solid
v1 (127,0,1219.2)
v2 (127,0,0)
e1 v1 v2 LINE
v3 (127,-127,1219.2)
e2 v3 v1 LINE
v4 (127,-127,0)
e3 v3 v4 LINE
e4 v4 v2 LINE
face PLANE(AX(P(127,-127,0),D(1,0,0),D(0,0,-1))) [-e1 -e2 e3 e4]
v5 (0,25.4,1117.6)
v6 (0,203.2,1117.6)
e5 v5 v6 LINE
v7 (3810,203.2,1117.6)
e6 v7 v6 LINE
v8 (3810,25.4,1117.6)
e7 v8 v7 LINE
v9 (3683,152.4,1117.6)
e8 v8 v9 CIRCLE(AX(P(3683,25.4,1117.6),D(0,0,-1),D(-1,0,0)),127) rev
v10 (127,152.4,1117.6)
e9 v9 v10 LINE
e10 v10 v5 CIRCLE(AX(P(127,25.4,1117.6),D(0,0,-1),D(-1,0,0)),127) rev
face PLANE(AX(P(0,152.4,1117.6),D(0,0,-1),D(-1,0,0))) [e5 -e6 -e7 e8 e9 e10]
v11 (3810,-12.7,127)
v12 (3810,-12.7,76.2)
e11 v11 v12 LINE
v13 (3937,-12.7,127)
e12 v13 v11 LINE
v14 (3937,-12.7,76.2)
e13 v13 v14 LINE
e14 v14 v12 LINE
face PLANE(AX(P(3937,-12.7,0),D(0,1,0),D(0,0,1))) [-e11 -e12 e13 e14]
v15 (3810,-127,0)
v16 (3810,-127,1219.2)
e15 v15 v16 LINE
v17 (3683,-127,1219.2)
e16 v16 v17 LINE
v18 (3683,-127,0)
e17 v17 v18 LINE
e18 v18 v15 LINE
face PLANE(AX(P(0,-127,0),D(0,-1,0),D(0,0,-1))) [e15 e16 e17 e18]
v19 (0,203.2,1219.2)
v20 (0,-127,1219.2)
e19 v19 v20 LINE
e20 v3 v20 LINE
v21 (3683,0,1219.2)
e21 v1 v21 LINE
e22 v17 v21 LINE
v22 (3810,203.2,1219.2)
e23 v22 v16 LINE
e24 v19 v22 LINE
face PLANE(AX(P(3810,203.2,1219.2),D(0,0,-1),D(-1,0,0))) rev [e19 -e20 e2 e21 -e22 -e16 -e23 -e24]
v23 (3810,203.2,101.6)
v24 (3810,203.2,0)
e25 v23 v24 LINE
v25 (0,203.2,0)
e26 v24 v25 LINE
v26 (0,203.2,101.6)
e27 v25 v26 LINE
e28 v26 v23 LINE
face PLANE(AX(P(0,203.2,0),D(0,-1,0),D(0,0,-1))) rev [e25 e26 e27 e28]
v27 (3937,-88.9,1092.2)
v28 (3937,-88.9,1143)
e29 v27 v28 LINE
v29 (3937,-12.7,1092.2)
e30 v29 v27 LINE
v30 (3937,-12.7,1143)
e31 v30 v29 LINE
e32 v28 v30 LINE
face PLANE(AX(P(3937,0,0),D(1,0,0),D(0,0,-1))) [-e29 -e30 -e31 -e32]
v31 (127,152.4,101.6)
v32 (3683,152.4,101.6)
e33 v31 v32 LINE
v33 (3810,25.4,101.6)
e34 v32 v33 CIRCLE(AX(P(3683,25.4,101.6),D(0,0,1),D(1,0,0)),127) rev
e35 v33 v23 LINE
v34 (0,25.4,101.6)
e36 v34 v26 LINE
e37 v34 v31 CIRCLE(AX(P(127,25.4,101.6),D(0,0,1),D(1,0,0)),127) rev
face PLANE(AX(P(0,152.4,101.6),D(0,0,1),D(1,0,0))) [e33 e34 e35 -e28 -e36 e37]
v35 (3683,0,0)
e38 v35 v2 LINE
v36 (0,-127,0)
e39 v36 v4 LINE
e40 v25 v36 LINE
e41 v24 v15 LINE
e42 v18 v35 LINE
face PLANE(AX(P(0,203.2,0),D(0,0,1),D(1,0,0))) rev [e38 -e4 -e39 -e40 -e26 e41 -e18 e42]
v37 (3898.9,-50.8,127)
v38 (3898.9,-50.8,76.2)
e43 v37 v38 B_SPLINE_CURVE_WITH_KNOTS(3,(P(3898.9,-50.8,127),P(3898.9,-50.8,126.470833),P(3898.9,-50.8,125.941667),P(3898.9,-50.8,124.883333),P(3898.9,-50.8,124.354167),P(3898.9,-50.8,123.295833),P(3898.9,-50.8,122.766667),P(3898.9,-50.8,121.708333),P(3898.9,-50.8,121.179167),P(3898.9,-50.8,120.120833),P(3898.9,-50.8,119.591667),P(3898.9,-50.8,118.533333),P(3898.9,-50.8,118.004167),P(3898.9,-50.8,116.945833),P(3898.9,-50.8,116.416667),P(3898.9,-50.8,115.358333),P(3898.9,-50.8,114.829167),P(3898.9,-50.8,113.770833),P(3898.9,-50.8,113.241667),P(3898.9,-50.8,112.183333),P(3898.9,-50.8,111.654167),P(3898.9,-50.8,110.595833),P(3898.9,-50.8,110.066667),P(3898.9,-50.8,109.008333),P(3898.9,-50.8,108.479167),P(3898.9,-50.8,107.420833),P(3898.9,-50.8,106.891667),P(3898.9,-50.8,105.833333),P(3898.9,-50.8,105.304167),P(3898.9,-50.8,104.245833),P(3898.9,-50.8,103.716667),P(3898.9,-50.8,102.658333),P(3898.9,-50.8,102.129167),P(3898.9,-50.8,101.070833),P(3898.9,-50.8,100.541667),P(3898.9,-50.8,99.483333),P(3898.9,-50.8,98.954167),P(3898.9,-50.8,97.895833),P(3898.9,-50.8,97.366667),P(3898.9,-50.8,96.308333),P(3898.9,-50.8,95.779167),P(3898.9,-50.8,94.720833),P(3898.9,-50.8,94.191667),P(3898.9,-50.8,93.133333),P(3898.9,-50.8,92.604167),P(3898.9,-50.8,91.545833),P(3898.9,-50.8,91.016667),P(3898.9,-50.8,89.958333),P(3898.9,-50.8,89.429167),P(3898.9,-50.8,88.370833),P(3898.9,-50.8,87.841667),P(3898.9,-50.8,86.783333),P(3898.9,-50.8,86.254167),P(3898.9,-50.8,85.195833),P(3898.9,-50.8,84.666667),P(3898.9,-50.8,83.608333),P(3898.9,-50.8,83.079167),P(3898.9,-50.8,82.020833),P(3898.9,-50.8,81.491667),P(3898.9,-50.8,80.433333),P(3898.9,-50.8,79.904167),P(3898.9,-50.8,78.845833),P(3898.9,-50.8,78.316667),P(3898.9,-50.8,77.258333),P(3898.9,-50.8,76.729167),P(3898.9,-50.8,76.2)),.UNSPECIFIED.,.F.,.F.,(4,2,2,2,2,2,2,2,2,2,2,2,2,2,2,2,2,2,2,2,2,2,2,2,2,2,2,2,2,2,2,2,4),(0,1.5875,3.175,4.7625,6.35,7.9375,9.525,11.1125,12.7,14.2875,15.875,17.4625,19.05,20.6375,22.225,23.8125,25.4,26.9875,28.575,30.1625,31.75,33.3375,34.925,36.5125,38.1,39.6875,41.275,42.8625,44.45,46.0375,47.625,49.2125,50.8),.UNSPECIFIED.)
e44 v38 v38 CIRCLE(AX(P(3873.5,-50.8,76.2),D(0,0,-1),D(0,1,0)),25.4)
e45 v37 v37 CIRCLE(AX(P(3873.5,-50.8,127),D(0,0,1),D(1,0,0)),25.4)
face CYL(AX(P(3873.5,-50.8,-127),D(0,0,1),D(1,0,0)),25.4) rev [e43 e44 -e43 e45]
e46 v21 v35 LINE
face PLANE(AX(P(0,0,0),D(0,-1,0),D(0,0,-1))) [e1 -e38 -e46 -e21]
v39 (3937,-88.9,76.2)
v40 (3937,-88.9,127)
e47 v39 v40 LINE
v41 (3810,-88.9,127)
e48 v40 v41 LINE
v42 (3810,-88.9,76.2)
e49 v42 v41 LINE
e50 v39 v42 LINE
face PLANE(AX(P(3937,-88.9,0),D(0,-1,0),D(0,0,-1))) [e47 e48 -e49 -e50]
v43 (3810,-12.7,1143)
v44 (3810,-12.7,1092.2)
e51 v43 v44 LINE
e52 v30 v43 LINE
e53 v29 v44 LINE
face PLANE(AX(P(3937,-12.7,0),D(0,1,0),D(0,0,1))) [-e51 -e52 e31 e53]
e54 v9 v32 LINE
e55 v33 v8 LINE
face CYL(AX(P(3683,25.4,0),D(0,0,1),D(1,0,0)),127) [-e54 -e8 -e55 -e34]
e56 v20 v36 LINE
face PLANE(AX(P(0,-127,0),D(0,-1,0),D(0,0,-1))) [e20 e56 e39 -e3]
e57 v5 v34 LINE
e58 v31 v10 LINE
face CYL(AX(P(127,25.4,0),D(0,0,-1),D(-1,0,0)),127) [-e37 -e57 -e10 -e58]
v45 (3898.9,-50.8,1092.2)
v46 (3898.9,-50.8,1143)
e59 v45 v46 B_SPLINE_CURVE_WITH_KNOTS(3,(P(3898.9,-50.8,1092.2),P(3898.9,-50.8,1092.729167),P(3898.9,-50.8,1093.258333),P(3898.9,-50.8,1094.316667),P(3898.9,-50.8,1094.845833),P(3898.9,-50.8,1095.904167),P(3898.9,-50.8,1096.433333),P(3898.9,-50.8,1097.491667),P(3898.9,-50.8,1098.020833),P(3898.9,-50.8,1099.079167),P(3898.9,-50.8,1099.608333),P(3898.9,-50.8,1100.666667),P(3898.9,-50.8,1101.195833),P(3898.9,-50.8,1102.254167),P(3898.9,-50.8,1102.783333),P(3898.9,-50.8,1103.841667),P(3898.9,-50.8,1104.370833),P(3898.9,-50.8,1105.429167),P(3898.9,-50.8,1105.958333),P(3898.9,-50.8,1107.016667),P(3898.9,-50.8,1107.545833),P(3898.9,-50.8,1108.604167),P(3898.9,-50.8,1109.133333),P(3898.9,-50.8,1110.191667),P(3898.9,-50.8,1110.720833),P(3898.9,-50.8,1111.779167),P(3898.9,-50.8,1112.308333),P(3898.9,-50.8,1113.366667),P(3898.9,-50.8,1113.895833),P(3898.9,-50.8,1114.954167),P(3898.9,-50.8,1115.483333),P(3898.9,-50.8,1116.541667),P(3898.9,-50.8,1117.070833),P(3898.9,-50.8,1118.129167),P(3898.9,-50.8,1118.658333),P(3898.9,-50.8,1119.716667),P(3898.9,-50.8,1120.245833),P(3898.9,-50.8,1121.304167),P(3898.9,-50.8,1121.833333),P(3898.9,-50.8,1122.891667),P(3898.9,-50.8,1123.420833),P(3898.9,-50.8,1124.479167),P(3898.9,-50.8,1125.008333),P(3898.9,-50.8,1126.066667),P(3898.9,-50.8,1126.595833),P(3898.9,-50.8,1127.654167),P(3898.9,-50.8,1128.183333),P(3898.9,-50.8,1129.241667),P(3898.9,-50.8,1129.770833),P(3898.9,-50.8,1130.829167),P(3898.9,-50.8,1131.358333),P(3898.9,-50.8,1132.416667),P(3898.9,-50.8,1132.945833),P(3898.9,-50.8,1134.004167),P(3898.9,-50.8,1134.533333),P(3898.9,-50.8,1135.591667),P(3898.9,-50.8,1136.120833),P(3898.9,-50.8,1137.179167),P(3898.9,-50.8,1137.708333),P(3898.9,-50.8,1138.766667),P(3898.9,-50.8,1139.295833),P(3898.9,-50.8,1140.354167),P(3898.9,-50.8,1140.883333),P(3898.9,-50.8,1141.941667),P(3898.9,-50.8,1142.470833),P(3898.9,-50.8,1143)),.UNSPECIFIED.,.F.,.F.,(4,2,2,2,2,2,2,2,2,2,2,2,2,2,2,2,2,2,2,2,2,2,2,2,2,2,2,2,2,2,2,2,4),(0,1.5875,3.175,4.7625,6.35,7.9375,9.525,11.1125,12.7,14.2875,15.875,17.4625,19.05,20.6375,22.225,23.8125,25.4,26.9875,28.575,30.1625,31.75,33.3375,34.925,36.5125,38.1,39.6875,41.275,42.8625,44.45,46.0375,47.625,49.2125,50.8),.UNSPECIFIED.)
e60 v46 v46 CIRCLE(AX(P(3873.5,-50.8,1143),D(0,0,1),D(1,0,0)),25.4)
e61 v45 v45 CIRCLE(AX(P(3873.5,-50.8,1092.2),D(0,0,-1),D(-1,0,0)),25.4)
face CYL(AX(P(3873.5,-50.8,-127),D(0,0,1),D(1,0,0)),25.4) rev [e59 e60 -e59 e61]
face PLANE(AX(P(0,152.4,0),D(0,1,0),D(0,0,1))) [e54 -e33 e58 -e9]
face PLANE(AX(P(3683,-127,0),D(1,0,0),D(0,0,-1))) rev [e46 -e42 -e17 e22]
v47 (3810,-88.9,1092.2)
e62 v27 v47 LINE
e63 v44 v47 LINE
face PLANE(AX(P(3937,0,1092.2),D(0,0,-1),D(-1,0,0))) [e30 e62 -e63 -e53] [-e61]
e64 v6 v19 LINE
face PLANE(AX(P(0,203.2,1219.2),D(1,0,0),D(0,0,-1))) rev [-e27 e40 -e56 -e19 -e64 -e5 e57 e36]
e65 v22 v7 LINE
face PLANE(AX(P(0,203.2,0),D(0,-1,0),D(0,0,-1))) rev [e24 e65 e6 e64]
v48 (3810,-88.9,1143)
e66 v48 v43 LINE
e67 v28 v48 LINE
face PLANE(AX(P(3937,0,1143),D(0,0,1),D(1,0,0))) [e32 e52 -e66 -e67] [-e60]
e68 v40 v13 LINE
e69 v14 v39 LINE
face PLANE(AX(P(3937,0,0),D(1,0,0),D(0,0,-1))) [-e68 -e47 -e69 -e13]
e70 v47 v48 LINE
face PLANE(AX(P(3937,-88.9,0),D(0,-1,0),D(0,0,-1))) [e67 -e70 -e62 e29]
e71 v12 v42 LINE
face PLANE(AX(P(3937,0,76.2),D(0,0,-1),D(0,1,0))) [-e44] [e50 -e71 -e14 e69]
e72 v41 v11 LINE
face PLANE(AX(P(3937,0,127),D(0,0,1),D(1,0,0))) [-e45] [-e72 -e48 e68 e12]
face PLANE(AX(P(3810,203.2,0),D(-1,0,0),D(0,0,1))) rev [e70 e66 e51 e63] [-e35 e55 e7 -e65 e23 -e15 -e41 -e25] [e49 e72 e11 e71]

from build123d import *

# Parameters (mm, degrees)
SKETCH3_W           = 3810
SKETCH3_H           = 1219.2
BOSS_EXTRUDE2_DEPTH = 203.2
SKETCH4_W           = 3810
SKETCH4_H           = 1016
CUT_EXTRUDE1_DEPTH  = 50.8
SKETCH5_W           = 127
SKETCH5_H           = 1219.2
BOSS_EXTRUDE3_DEPTH = 127
FILLET2_R           = 127
SKETCH6_W           = 25.4
SKETCH6_H           = 38.1
BOSS_EXTRUDE4_DEPTH = 127
SKETCH7_R           = 25.4
CUT_EXTRUDE2_DEPTH  = 1270


with BuildPart() as part:
    # Sketch3 → Boss-Extrude2 (new body)
    with BuildSketch(Plane(origin=(0, 0, 0), x_dir=(1, 0, 0), z_dir=(0, 1, 0))):
        with Locations((1905, -609.6)):
            Rectangle(SKETCH3_W, SKETCH3_H)
    extrude(amount=BOSS_EXTRUDE2_DEPTH)

    # Sketch4 → Cut-Extrude1 (cut)
    with BuildSketch(Plane(origin=(0, 203.2, 0), x_dir=(1, 0, 0), z_dir=(0, 1, 0))):
        with Locations((1905, -609.6)):
            Rectangle(SKETCH4_W, SKETCH4_H)
    extrude(amount=-CUT_EXTRUDE1_DEPTH, mode=Mode.SUBTRACT)

    # Sketch5 → Boss-Extrude3 (add)
    with BuildSketch(Plane(origin=(0, 0, 0), x_dir=(-1, 0, 0), z_dir=(0, -1, 0))):
        with Locations((-63.5, -609.6)):
            Rectangle(SKETCH5_W, SKETCH5_H)
        with Locations((-3746.5, -609.6)):
            Rectangle(SKETCH5_W, SKETCH5_H)
    extrude(amount=BOSS_EXTRUDE3_DEPTH)

    # Fillet2
    fillet2_edges = [part.edges().sort_by_distance(p)[0] for p in [
        (0, 152.4, 609.6),
        (3810, 152.4, 609.6),
    ]]
    fillet(fillet2_edges, radius=FILLET2_R)

    # Sketch6 → Boss-Extrude4 (add)
    with BuildSketch(Plane(origin=(3810, 0, 0), x_dir=(0, 0, -1), z_dir=(1, 0, 0))):
        with Locations((-1104.9, -31.75)):
            Rectangle(SKETCH6_W, SKETCH6_H)
        Polygon((-1117.6, -50.8), (-1117.6, -12.7), (-1143, -12.7), (-1143, -88.9), (-1092.2, -88.9), (-1092.2, -50.8), align=None)
        Polygon((-101.6, -50.8), (-127, -50.8), (-127, -88.9), (-76.2, -88.9), (-76.2, -12.7), (-101.6, -12.7), align=None)
        with Locations((-114.3, -31.75)):
            Rectangle(SKETCH6_W, SKETCH6_H)
    extrude(amount=BOSS_EXTRUDE4_DEPTH)

    # Sketch7 → Cut-Extrude2 (cut)
    with BuildSketch(Plane.XY.offset(1143)):
        with Locations((3873.5, -50.8)):
            Circle(SKETCH7_R)
    extrude(amount=-CUT_EXTRUDE2_DEPTH, mode=Mode.SUBTRACT)


solid = part.part
